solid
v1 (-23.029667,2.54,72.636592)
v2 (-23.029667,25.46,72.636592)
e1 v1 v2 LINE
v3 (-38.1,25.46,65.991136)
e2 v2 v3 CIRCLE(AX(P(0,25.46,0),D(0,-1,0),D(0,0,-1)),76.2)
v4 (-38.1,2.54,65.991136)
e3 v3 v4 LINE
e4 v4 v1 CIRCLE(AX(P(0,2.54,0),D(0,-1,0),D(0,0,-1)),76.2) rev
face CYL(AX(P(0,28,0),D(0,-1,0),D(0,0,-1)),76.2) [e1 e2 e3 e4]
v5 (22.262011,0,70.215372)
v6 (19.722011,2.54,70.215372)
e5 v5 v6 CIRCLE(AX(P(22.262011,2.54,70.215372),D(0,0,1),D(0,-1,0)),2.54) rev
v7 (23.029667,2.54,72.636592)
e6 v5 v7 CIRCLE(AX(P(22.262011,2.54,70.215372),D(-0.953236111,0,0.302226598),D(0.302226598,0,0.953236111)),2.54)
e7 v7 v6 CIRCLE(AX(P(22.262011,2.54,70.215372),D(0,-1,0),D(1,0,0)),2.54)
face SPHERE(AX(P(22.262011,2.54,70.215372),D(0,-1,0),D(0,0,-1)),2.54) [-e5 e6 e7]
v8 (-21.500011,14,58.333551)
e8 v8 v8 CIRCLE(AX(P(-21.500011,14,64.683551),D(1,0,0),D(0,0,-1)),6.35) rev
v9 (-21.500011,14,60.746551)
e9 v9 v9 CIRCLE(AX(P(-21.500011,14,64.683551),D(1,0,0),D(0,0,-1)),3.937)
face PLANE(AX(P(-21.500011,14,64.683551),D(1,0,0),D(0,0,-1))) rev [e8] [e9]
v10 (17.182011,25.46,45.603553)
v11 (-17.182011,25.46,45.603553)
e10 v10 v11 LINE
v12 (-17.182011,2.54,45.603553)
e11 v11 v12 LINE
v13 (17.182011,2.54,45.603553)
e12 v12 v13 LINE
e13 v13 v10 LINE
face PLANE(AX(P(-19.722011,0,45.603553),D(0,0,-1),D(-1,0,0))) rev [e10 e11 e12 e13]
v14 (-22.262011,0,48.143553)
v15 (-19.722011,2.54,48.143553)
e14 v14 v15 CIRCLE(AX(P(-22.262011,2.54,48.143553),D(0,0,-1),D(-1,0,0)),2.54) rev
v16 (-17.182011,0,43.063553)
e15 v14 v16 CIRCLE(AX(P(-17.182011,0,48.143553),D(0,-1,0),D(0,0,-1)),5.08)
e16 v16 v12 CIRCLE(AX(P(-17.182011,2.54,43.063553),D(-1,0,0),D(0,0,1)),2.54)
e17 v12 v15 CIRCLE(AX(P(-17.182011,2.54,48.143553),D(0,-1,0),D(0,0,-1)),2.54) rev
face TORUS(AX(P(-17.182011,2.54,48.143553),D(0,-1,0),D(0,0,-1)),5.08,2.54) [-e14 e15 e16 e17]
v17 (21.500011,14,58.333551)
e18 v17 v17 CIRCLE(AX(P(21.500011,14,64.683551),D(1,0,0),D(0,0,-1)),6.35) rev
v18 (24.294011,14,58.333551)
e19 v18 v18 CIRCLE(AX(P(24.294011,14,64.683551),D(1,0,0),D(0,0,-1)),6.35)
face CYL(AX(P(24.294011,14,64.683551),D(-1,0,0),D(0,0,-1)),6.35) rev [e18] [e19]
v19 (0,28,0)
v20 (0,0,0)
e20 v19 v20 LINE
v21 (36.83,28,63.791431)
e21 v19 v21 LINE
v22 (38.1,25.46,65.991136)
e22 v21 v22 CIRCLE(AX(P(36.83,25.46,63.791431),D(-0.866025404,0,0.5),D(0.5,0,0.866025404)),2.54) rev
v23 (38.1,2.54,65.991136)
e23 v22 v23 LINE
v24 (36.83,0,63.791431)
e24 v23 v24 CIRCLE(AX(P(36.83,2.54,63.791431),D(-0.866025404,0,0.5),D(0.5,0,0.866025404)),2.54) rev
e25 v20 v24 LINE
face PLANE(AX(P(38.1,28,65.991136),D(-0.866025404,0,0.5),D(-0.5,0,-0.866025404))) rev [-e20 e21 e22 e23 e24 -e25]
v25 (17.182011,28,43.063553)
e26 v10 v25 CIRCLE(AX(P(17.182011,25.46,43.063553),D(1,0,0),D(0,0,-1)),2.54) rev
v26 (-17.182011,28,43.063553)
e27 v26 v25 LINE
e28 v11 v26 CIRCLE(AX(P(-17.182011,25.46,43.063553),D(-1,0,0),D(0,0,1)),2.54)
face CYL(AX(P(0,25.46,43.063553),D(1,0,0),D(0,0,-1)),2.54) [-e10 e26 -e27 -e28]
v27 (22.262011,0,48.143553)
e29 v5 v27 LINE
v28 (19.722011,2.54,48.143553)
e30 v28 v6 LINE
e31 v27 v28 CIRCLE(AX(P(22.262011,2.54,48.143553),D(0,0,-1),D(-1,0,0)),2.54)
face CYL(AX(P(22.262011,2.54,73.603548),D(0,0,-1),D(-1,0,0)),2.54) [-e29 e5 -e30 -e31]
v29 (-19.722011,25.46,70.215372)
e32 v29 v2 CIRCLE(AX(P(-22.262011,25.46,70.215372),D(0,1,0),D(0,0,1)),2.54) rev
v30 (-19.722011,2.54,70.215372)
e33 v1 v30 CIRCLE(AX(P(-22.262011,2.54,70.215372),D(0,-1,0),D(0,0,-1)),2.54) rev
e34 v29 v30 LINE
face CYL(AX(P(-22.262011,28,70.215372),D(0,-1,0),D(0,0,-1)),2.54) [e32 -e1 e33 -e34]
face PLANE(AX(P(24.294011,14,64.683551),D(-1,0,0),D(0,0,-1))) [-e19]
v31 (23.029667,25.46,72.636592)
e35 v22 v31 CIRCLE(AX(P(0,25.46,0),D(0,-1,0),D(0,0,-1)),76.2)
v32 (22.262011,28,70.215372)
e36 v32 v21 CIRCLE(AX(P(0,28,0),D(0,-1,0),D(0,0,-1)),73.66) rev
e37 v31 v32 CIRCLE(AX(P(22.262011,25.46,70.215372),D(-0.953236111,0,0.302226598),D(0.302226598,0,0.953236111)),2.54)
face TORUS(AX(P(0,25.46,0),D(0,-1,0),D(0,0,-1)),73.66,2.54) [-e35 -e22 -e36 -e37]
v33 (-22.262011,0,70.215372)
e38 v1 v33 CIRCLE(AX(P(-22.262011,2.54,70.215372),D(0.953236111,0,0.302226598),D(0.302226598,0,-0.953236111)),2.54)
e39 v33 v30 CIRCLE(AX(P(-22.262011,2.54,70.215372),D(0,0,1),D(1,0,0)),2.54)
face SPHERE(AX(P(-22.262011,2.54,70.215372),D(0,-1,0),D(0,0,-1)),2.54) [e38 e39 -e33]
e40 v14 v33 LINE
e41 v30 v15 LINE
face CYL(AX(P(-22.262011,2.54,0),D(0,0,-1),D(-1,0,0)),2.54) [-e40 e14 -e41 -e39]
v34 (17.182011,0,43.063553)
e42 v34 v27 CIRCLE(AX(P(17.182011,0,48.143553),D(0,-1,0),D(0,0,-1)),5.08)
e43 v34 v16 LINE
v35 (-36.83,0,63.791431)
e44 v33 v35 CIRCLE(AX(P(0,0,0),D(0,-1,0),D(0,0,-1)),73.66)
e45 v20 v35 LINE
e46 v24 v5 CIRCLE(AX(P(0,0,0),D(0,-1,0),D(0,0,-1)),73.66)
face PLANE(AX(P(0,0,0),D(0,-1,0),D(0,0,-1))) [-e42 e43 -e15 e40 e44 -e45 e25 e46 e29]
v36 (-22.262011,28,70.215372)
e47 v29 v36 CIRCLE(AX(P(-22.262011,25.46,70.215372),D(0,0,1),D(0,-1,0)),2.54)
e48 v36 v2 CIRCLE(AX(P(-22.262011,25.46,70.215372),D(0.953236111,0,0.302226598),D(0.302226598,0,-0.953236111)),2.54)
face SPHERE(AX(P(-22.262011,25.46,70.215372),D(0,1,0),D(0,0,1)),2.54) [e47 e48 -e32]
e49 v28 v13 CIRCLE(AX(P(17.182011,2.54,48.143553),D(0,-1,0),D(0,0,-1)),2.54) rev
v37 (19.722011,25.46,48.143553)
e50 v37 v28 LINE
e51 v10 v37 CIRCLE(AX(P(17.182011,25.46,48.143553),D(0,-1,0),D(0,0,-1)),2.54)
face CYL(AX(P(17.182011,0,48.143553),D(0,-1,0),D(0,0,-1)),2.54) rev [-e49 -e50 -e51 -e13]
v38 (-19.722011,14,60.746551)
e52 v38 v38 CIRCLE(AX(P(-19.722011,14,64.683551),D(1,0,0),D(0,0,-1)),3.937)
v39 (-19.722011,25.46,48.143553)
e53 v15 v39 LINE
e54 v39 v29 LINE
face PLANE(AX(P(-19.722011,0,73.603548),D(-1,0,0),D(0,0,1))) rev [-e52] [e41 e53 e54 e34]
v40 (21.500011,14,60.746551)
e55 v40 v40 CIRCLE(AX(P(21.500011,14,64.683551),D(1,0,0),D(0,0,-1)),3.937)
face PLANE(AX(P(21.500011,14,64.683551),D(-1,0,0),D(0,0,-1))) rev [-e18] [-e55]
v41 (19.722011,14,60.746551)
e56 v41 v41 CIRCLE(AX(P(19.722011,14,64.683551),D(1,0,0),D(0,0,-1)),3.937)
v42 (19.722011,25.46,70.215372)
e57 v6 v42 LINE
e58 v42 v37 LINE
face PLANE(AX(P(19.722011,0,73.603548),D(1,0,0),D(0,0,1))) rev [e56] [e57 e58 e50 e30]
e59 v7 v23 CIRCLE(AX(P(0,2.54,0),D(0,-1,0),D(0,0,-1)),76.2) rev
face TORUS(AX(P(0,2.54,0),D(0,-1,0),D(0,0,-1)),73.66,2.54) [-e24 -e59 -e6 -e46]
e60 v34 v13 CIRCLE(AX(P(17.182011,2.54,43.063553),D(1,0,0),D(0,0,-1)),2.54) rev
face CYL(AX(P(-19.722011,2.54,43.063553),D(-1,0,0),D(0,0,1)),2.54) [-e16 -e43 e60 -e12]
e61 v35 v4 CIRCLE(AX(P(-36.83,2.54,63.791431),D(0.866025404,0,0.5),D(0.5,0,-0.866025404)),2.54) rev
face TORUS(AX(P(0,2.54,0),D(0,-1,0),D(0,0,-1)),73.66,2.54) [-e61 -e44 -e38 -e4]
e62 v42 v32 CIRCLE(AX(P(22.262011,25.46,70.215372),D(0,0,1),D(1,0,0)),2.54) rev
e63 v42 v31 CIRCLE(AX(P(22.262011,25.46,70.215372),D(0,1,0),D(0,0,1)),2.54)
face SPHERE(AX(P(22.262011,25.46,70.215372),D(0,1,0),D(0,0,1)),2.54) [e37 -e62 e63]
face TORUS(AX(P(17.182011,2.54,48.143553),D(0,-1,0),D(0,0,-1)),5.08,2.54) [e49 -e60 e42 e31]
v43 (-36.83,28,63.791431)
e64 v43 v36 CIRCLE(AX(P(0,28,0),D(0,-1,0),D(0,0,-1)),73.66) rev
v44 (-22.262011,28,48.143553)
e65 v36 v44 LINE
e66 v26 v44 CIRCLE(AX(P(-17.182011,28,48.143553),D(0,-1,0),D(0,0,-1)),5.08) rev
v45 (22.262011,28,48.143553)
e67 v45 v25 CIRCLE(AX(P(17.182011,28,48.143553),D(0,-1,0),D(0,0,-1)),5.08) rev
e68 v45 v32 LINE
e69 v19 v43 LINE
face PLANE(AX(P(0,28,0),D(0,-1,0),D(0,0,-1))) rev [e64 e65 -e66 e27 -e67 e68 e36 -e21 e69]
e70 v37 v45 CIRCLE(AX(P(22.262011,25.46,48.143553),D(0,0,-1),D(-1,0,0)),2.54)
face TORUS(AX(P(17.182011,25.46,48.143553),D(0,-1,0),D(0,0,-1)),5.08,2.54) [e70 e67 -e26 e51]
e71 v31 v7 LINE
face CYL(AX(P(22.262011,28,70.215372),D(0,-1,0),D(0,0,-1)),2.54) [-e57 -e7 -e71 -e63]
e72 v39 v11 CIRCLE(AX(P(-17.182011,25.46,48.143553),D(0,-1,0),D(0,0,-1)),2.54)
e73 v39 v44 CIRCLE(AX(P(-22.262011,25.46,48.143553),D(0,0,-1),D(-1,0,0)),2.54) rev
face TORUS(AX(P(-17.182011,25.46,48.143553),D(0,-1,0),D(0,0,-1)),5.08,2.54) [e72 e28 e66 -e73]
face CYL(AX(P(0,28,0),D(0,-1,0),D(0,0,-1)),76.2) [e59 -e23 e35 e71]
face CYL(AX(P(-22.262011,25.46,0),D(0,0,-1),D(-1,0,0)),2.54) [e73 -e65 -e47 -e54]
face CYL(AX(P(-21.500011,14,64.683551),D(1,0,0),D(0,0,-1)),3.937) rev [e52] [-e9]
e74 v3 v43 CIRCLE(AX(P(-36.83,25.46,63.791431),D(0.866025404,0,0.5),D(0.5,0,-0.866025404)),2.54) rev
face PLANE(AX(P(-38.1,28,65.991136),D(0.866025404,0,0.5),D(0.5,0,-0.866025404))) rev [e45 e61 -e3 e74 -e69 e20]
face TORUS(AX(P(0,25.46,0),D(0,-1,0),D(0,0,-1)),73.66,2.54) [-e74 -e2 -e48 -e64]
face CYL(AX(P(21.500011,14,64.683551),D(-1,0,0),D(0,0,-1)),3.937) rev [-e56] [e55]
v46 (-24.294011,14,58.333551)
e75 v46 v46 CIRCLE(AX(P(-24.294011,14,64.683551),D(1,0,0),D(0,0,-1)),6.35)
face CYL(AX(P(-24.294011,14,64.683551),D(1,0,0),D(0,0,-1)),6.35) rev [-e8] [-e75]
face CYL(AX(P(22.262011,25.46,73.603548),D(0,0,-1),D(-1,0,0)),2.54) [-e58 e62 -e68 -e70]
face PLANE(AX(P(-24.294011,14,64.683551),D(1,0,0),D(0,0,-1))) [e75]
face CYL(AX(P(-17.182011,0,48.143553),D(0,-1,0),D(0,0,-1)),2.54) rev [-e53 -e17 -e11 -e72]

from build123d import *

# Parameters (mm, degrees)
BOSS_EXTRUDE1_DEPTH = 28
CUT_EXTRUDE1_DEPTH  = 90.677477663
SKETCH5_R           = 6.35
CUT_EXTRUDE2_DEPTH  = 4.572
SKETCH8_R           = 6.35
SKETCH8_R_2         = 3.937
BOSS_EXTRUDE4_DEPTH = 1.778
FILLET1_R           = 2.54


with BuildPart() as part:
    # Sketch2 → Boss-Extrude1 (new body)
    with BuildSketch(Plane(origin=(0, 0, 0), x_dir=(1, 0, 0), z_dir=(0, 1, 0))):
        with BuildLine():
            Line((-38.1, -65.991135768), (0, 0))
            Line((0, 0), (0, -76.2))
            ThreePointArc((0, -76.2), (-19.722011237, -73.603547963), (-38.1, -65.991135768))
        make_face()
    boss_extrude1 = extrude(amount=BOSS_EXTRUDE1_DEPTH)

    # Sketch4 → Cut-Extrude1 (cut, symmetric)
    with BuildSketch(Plane(origin=(0, 28, 0), x_dir=(1, 0, 0), z_dir=(0, 1, 0))):
        Polygon((-19.722011237, -73.603547963), (-19.722011237, -45.603553163), (19.722011237, -45.603553163), (19.722011237, -73.603547963), (19.722011237, -89.083413221), (-19.722011237, -89.083413221), align=None)
    cut_extrude1 = extrude(amount=CUT_EXTRUDE1_DEPTH, both=True, mode=Mode.SUBTRACT)

    # Sketch5 → Cut-Extrude2 (cut)
    with BuildSketch(Plane(origin=(-19.722011237, 0, 0), x_dir=(0, 0, -1), z_dir=(1, 0, 0))):
        with Locations((-64.683550563, 14)):
            Circle(SKETCH5_R)
    cut_extrude2 = extrude(amount=-CUT_EXTRUDE2_DEPTH, mode=Mode.SUBTRACT)

    # Sketch8 → Boss-Extrude4 (add)
    with BuildSketch(Plane(origin=(-19.722011237, 0, 0), x_dir=(0, 0, -1), z_dir=(1, 0, 0))):
        with Locations((-64.683550563, 14)):
            Circle(SKETCH8_R)
        with Locations((-64.683550563, 14)):
            Circle(SKETCH8_R_2, mode=Mode.SUBTRACT)
    boss_extrude4 = extrude(amount=-BOSS_EXTRUDE4_DEPTH)

    # Mirror1: Boss-Extrude1, Cut-Extrude1, Cut-Extrude2, Boss-Extrude4 across plane
    add(boss_extrude1.mirror(Plane(origin=(0, 28, 0), x_dir=(0, 0, 1), z_dir=(-1, 0, 0))))
    add(cut_extrude1.mirror(Plane(origin=(0, 28, 0), x_dir=(0, 0, 1), z_dir=(-1, 0, 0))), mode=Mode.SUBTRACT)
    add(cut_extrude2.mirror(Plane(origin=(0, 28, 0), x_dir=(0, 0, 1), z_dir=(-1, 0, 0))), mode=Mode.SUBTRACT)
    add(boss_extrude4.mirror(Plane(origin=(0, 28, 0), x_dir=(0, 0, 1), z_dir=(-1, 0, 0))))

    # Fillet1
    fillet1_edges = [part.edges().sort_by_distance(p)[0] for p in [
        (0, 0, 45.603553163),
        (-29.160477546, 28, 70.399620377),
        (-19.722011237, 0, 59.603550563),
        (-19.722011237, 14, 73.603547963),
        (-19.722011237, 28, 59.603550563),
        (0, 28, 45.603553163),
        (-19.722011237, 14, 45.603553163),
        (-29.160477546, 0, 70.399620377),
        (29.160477546, 28, 70.399620377),
        (29.160477546, 0, 70.399620377),
        (19.722011237, 0, 59.603550563),
        (19.722011237, 14, 73.603547963),
        (19.722011237, 28, 59.603550563),
        (19.722011237, 14, 45.603553163),
    ]]
    fillet(fillet1_edges, radius=FILLET1_R)


solid = part.part
